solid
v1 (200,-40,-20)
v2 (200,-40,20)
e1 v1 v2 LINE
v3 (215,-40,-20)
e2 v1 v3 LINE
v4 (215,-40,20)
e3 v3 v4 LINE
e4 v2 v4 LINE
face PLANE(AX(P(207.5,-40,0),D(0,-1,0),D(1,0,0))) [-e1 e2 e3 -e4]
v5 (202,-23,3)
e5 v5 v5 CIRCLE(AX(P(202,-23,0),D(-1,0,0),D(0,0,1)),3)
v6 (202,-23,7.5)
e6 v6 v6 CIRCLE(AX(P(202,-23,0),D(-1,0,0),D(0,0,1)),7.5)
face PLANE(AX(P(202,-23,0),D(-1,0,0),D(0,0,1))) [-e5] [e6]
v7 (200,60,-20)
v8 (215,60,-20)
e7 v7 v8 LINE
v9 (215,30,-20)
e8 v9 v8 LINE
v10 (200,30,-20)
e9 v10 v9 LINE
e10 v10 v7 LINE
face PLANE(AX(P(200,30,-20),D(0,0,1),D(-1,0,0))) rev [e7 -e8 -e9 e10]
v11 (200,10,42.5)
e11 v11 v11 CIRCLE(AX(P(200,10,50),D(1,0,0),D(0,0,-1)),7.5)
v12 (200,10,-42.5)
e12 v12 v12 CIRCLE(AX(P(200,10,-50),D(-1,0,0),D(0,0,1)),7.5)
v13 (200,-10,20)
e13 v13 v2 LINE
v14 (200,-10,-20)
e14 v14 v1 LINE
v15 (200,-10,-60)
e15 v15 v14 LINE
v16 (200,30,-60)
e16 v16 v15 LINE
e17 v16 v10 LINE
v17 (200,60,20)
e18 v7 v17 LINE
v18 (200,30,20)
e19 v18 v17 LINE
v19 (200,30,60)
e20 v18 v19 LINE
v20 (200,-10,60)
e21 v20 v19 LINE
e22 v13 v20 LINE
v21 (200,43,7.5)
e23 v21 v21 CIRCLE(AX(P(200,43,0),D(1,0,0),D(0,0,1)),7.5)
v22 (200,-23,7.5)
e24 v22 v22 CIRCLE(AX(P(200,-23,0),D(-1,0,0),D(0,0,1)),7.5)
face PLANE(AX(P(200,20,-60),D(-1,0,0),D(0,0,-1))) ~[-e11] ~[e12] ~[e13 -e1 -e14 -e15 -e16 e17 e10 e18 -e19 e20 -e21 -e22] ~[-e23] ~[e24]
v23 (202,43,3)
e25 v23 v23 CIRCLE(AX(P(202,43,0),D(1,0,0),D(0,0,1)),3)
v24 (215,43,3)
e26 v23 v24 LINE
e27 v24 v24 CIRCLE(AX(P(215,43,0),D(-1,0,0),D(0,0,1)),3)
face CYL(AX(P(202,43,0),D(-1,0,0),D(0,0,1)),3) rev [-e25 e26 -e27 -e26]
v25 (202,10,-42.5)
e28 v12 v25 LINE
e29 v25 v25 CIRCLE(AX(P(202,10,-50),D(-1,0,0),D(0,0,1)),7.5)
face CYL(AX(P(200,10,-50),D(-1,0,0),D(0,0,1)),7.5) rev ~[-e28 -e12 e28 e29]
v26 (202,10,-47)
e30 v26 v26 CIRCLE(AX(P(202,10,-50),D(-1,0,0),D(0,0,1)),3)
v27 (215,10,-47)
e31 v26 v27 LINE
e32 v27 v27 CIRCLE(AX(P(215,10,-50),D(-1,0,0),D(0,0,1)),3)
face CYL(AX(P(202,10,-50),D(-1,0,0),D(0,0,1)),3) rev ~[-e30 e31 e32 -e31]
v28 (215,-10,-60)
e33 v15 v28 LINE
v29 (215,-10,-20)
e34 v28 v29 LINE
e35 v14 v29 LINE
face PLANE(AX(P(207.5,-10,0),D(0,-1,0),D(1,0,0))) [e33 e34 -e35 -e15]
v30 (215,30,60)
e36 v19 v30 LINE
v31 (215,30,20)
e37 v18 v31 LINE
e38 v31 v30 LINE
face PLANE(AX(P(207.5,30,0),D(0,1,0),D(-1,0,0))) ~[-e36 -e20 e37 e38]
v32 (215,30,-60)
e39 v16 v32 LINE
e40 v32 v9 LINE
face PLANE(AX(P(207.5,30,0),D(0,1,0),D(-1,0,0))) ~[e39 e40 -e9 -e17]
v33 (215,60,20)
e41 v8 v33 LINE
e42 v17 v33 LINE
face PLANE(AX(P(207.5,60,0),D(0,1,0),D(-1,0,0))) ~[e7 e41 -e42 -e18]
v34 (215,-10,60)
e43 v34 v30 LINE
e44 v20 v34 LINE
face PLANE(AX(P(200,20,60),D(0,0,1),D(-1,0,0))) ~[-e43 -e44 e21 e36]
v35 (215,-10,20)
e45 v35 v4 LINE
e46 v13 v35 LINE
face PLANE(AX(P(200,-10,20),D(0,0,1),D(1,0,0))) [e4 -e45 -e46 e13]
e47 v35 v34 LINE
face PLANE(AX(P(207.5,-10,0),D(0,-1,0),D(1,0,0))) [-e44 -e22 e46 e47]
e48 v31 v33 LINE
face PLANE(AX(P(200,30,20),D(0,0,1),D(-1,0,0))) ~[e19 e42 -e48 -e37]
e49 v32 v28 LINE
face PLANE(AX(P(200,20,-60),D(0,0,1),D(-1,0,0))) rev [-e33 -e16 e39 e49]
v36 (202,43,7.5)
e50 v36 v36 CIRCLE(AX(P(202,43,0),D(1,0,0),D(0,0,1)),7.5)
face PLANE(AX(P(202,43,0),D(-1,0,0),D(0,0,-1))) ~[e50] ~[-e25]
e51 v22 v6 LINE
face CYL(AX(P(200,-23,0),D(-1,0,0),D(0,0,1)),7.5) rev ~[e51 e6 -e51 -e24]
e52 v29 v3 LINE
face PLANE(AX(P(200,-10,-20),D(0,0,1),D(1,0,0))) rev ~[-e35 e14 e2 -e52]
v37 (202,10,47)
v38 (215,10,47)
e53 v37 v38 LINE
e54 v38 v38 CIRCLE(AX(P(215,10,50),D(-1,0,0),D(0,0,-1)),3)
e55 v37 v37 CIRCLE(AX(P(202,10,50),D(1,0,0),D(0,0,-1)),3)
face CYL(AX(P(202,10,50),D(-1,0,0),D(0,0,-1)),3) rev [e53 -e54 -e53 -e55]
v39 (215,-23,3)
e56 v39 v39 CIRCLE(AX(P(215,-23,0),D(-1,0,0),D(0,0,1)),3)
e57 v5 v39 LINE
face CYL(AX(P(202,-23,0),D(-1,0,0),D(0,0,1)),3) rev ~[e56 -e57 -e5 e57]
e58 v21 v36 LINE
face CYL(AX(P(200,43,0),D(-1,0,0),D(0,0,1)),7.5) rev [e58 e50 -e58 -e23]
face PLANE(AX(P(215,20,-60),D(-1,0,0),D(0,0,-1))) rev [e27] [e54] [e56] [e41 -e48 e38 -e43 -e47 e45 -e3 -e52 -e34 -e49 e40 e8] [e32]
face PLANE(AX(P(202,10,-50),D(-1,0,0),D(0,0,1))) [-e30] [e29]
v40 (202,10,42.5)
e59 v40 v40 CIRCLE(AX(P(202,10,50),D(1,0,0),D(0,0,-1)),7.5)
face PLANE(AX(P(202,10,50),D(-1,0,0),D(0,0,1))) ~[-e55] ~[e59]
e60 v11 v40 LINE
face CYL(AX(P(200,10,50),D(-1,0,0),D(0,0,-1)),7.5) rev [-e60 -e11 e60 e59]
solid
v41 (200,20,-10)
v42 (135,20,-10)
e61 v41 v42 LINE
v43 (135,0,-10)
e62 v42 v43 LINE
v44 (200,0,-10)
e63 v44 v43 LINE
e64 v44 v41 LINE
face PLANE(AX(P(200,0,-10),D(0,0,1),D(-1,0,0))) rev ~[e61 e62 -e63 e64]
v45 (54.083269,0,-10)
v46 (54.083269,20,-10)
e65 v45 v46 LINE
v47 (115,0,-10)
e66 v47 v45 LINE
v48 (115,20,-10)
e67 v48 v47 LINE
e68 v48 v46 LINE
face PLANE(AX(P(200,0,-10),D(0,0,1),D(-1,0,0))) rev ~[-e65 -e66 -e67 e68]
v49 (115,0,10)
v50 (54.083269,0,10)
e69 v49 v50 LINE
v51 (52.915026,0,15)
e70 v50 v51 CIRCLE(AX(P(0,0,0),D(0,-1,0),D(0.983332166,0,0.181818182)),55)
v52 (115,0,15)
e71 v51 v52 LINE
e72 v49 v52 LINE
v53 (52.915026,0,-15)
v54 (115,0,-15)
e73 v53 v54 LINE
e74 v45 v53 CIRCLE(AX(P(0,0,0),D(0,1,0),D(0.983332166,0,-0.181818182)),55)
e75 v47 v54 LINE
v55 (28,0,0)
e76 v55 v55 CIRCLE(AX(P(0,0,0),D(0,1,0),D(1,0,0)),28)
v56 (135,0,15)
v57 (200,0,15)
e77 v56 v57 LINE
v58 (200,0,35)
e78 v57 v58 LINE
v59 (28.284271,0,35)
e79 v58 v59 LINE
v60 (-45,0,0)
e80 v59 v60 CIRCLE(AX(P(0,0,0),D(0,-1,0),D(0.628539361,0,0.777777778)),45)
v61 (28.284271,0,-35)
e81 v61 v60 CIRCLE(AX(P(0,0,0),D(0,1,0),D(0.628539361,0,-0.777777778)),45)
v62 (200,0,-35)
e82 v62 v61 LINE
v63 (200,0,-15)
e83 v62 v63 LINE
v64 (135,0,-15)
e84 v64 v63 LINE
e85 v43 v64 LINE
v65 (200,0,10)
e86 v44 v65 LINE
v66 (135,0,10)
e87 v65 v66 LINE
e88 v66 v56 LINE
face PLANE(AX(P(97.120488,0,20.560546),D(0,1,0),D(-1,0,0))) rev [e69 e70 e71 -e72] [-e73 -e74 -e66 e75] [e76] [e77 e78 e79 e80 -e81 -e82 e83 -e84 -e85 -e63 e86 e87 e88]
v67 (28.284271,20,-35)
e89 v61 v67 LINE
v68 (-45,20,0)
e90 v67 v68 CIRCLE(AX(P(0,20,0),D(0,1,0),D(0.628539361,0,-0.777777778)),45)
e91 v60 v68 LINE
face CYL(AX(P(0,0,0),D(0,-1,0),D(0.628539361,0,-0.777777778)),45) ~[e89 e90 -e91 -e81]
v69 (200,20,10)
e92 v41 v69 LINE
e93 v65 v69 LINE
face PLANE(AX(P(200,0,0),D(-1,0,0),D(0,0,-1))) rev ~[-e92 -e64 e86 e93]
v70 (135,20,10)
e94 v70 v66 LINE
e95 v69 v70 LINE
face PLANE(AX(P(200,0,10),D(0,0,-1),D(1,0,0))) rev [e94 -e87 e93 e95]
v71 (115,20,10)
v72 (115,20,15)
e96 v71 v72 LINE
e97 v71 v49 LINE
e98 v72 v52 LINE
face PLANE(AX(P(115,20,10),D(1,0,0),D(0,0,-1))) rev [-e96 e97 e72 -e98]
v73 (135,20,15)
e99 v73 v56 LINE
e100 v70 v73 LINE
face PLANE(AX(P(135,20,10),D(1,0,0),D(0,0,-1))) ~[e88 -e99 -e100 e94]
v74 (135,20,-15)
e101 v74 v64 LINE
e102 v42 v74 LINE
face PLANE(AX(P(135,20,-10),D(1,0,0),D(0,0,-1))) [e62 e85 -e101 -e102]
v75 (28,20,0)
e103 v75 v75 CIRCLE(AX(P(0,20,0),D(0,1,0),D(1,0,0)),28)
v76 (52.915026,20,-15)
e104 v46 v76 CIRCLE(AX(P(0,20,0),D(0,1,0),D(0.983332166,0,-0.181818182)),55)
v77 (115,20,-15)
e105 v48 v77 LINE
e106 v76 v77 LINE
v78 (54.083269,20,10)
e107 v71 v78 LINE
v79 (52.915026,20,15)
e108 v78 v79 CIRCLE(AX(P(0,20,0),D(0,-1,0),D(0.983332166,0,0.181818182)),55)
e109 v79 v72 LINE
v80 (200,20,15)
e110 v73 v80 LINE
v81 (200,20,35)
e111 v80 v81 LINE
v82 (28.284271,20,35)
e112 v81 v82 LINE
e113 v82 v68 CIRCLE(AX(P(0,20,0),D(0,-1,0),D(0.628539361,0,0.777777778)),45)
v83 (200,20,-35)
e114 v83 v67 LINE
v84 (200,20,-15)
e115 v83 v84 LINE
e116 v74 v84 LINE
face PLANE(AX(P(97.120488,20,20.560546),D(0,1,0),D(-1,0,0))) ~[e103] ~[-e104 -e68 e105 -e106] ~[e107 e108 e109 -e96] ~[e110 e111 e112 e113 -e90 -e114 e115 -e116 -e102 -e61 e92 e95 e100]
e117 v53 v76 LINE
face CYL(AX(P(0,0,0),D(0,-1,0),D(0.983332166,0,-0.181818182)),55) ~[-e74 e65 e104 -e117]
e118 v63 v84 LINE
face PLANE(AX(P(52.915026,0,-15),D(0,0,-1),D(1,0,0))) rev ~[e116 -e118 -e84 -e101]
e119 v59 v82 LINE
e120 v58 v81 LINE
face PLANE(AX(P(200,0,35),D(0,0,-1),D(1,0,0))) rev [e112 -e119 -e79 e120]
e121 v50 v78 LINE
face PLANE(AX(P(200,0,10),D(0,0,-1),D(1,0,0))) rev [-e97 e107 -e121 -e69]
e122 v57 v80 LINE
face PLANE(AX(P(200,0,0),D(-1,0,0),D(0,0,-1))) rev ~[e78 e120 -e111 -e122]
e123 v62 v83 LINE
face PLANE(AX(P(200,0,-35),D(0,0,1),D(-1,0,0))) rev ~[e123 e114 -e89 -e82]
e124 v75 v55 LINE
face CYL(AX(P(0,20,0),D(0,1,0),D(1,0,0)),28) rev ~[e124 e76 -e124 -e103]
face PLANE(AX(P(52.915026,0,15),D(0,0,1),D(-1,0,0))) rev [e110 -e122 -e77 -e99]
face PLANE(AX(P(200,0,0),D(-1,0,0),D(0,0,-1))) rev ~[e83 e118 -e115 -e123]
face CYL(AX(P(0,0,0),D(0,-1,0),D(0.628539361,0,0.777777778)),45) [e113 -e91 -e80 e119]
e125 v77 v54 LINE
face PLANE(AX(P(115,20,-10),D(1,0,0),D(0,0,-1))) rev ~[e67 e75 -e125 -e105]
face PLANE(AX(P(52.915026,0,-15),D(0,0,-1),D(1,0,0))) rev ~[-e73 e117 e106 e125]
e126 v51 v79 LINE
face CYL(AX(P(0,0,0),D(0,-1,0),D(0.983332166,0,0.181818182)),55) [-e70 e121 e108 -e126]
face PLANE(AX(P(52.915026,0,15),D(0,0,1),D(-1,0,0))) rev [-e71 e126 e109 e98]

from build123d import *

# Parameters (mm, degrees)
BOSS_EXTRUDE1_DEPTH = 20
SKETCH3_R           = 28
CUT_EXTRUDE2_DEPTH  = 21
SKETCH5_W           = 15
SKETCH5_H           = 120
BOSS_EXTRUDE3_DEPTH = 10
SKETCH6_W           = 15
SKETCH6_H           = 40
BOSS_EXTRUDE4_DEPTH = 30
SKETCH10_R          = 7.5
CUT_EXTRUDE8_DEPTH  = 2
SKETCH11_R          = 3
CUT_EXTRUDE9_DEPTH  = 14
SKETCH12_R          = 7.5
CUT_EXTRUDE10_DEPTH = 2
SKETCH13_R          = 3
CUT_EXTRUDE11_DEPTH = 14
SKETCH14_W          = 20
SKETCH14_H          = 5
BOSS_EXTRUDE5_DEPTH = 20


with BuildPart() as part:
    # Sketch1 → Boss-Extrude1 (new body)
    with BuildSketch(Plane(origin=(0, 0, 0), x_dir=(1, 0, 0), z_dir=(0, 1, 0))):
        with BuildLine():
            Line((-45, 0), (215, 0))
            Line((215, 0), (215, 60))
            Line((215, 60), (200, 60))
            Line((200, 60), (200, 35))
            Line((200, 35), (28.284271247, 35))
            ThreePointArc((28.284271247, 35), (-19.393398282, 40.606601718), (-45, 0))
        make_face()
        with BuildLine():
            Line((200, 15), (200, 10))
            Line((200, 10), (54.083269132, 10))
            ThreePointArc((54.083269132, 10), (53.557527969, 12.513640472), (52.915026221, 15))
            Line((52.915026221, 15), (200, 15))
        make_face(mode=Mode.SUBTRACT)
    boss_extrude1 = extrude(amount=BOSS_EXTRUDE1_DEPTH)

    # Mirror2: Boss-Extrude1 across plane
    add(boss_extrude1.mirror(Plane(origin=(-45, 20, 0), x_dir=(1, 0, 0), z_dir=(0, 0, -1))))

    # Sketch3 → Cut-Extrude2 (cut, through all)
    with BuildSketch(Plane(origin=(0, 20, 0), x_dir=(1, 0, 0), z_dir=(0, 1, 0))):
        Circle(SKETCH3_R)
    extrude(amount=-CUT_EXTRUDE2_DEPTH, mode=Mode.SUBTRACT)

    # Sketch5 → Boss-Extrude3 (add)
    with BuildSketch(Plane.XZ):
        with Locations((207.5, 0)):
            Rectangle(SKETCH5_W, SKETCH5_H)
    boss_extrude3 = extrude(amount=BOSS_EXTRUDE3_DEPTH)

    # Sketch6 → Boss-Extrude4 (add)
    with BuildSketch(Plane.XZ.offset(10)):
        with Locations((207.5, 0)):
            Rectangle(SKETCH6_W, SKETCH6_H)
    boss_extrude4 = extrude(amount=BOSS_EXTRUDE4_DEPTH)

    # Mirror5: Boss-Extrude3 across plane
    add(boss_extrude3.mirror(Plane(origin=(0, 10, 0), x_dir=(0, 0, 1), z_dir=(0, -1, 0))))

    # Mirror6: Boss-Extrude4 across plane
    add(boss_extrude4.mirror(Plane(origin=(0, 10, 0), x_dir=(0, 0, 1), z_dir=(0, -1, 0))))

    # Sketch10 → Cut-Extrude8 (cut)
    with BuildSketch(Plane.ZY.offset(-200)):
        with Locations((0, -23)):
            Circle(SKETCH10_R)
    cut_extrude8 = extrude(amount=-CUT_EXTRUDE8_DEPTH, mode=Mode.SUBTRACT)

    # Sketch11 → Cut-Extrude9 (cut, through all)
    with BuildSketch(Plane.ZY.offset(-202)):
        with Locations((0, -23)):
            Circle(SKETCH11_R)
    cut_extrude9 = extrude(amount=-CUT_EXTRUDE9_DEPTH, mode=Mode.SUBTRACT)

    # Sketch12 → Cut-Extrude10 (cut)
    with BuildSketch(Plane.ZY.offset(-200)):
        with Locations((-50, 10)):
            Circle(SKETCH12_R)
    cut_extrude10 = extrude(amount=-CUT_EXTRUDE10_DEPTH, mode=Mode.SUBTRACT)

    # Sketch13 → Cut-Extrude11 (cut, through all)
    with BuildSketch(Plane.ZY.offset(-202)):
        with Locations((-50, 10)):
            Circle(SKETCH13_R)
    cut_extrude11 = extrude(amount=-CUT_EXTRUDE11_DEPTH, mode=Mode.SUBTRACT)

    # Mirror7: Cut-Extrude10, Cut-Extrude11 across plane
    add(cut_extrude10.mirror(Plane.XY), mode=Mode.SUBTRACT)
    add(cut_extrude11.mirror(Plane.XY), mode=Mode.SUBTRACT)

    # Mirror8: Cut-Extrude8, Cut-Extrude9 across plane
    add(cut_extrude8.mirror(Plane(origin=(0, 10, 0), x_dir=(0, 0, 1), z_dir=(0, -1, 0))), mode=Mode.SUBTRACT)
    add(cut_extrude9.mirror(Plane(origin=(0, 10, 0), x_dir=(0, 0, 1), z_dir=(0, -1, 0))), mode=Mode.SUBTRACT)

    # Sketch14 → Boss-Extrude5 (add)
    with BuildSketch(Plane(origin=(0, 20, 0), x_dir=(1, 0, 0), z_dir=(0, 1, 0))):
        with Locations((125, 12.5)):
            Rectangle(SKETCH14_W, SKETCH14_H)
    boss_extrude5 = extrude(amount=-BOSS_EXTRUDE5_DEPTH)

    # Mirror9: Boss-Extrude5 across plane
    add(boss_extrude5.mirror(Plane.XY))


with BuildPart() as body_2:
    # Split1: the piece on the far side of the plane
    add(part.part)
    split(bisect_by=Plane(origin=(200, 0, 0), x_dir=(0, 0, -1), z_dir=(-1, 0, 0)), keep=Keep.BOTTOM)


with BuildPart() as part_1:
    add(part.part)

    # Split1
    split(bisect_by=Plane(origin=(200, 0, 0), x_dir=(0, 0, -1), z_dir=(-1, 0, 0)), keep=Keep.TOP)


solid = Compound([body_2.part, part_1.part])
